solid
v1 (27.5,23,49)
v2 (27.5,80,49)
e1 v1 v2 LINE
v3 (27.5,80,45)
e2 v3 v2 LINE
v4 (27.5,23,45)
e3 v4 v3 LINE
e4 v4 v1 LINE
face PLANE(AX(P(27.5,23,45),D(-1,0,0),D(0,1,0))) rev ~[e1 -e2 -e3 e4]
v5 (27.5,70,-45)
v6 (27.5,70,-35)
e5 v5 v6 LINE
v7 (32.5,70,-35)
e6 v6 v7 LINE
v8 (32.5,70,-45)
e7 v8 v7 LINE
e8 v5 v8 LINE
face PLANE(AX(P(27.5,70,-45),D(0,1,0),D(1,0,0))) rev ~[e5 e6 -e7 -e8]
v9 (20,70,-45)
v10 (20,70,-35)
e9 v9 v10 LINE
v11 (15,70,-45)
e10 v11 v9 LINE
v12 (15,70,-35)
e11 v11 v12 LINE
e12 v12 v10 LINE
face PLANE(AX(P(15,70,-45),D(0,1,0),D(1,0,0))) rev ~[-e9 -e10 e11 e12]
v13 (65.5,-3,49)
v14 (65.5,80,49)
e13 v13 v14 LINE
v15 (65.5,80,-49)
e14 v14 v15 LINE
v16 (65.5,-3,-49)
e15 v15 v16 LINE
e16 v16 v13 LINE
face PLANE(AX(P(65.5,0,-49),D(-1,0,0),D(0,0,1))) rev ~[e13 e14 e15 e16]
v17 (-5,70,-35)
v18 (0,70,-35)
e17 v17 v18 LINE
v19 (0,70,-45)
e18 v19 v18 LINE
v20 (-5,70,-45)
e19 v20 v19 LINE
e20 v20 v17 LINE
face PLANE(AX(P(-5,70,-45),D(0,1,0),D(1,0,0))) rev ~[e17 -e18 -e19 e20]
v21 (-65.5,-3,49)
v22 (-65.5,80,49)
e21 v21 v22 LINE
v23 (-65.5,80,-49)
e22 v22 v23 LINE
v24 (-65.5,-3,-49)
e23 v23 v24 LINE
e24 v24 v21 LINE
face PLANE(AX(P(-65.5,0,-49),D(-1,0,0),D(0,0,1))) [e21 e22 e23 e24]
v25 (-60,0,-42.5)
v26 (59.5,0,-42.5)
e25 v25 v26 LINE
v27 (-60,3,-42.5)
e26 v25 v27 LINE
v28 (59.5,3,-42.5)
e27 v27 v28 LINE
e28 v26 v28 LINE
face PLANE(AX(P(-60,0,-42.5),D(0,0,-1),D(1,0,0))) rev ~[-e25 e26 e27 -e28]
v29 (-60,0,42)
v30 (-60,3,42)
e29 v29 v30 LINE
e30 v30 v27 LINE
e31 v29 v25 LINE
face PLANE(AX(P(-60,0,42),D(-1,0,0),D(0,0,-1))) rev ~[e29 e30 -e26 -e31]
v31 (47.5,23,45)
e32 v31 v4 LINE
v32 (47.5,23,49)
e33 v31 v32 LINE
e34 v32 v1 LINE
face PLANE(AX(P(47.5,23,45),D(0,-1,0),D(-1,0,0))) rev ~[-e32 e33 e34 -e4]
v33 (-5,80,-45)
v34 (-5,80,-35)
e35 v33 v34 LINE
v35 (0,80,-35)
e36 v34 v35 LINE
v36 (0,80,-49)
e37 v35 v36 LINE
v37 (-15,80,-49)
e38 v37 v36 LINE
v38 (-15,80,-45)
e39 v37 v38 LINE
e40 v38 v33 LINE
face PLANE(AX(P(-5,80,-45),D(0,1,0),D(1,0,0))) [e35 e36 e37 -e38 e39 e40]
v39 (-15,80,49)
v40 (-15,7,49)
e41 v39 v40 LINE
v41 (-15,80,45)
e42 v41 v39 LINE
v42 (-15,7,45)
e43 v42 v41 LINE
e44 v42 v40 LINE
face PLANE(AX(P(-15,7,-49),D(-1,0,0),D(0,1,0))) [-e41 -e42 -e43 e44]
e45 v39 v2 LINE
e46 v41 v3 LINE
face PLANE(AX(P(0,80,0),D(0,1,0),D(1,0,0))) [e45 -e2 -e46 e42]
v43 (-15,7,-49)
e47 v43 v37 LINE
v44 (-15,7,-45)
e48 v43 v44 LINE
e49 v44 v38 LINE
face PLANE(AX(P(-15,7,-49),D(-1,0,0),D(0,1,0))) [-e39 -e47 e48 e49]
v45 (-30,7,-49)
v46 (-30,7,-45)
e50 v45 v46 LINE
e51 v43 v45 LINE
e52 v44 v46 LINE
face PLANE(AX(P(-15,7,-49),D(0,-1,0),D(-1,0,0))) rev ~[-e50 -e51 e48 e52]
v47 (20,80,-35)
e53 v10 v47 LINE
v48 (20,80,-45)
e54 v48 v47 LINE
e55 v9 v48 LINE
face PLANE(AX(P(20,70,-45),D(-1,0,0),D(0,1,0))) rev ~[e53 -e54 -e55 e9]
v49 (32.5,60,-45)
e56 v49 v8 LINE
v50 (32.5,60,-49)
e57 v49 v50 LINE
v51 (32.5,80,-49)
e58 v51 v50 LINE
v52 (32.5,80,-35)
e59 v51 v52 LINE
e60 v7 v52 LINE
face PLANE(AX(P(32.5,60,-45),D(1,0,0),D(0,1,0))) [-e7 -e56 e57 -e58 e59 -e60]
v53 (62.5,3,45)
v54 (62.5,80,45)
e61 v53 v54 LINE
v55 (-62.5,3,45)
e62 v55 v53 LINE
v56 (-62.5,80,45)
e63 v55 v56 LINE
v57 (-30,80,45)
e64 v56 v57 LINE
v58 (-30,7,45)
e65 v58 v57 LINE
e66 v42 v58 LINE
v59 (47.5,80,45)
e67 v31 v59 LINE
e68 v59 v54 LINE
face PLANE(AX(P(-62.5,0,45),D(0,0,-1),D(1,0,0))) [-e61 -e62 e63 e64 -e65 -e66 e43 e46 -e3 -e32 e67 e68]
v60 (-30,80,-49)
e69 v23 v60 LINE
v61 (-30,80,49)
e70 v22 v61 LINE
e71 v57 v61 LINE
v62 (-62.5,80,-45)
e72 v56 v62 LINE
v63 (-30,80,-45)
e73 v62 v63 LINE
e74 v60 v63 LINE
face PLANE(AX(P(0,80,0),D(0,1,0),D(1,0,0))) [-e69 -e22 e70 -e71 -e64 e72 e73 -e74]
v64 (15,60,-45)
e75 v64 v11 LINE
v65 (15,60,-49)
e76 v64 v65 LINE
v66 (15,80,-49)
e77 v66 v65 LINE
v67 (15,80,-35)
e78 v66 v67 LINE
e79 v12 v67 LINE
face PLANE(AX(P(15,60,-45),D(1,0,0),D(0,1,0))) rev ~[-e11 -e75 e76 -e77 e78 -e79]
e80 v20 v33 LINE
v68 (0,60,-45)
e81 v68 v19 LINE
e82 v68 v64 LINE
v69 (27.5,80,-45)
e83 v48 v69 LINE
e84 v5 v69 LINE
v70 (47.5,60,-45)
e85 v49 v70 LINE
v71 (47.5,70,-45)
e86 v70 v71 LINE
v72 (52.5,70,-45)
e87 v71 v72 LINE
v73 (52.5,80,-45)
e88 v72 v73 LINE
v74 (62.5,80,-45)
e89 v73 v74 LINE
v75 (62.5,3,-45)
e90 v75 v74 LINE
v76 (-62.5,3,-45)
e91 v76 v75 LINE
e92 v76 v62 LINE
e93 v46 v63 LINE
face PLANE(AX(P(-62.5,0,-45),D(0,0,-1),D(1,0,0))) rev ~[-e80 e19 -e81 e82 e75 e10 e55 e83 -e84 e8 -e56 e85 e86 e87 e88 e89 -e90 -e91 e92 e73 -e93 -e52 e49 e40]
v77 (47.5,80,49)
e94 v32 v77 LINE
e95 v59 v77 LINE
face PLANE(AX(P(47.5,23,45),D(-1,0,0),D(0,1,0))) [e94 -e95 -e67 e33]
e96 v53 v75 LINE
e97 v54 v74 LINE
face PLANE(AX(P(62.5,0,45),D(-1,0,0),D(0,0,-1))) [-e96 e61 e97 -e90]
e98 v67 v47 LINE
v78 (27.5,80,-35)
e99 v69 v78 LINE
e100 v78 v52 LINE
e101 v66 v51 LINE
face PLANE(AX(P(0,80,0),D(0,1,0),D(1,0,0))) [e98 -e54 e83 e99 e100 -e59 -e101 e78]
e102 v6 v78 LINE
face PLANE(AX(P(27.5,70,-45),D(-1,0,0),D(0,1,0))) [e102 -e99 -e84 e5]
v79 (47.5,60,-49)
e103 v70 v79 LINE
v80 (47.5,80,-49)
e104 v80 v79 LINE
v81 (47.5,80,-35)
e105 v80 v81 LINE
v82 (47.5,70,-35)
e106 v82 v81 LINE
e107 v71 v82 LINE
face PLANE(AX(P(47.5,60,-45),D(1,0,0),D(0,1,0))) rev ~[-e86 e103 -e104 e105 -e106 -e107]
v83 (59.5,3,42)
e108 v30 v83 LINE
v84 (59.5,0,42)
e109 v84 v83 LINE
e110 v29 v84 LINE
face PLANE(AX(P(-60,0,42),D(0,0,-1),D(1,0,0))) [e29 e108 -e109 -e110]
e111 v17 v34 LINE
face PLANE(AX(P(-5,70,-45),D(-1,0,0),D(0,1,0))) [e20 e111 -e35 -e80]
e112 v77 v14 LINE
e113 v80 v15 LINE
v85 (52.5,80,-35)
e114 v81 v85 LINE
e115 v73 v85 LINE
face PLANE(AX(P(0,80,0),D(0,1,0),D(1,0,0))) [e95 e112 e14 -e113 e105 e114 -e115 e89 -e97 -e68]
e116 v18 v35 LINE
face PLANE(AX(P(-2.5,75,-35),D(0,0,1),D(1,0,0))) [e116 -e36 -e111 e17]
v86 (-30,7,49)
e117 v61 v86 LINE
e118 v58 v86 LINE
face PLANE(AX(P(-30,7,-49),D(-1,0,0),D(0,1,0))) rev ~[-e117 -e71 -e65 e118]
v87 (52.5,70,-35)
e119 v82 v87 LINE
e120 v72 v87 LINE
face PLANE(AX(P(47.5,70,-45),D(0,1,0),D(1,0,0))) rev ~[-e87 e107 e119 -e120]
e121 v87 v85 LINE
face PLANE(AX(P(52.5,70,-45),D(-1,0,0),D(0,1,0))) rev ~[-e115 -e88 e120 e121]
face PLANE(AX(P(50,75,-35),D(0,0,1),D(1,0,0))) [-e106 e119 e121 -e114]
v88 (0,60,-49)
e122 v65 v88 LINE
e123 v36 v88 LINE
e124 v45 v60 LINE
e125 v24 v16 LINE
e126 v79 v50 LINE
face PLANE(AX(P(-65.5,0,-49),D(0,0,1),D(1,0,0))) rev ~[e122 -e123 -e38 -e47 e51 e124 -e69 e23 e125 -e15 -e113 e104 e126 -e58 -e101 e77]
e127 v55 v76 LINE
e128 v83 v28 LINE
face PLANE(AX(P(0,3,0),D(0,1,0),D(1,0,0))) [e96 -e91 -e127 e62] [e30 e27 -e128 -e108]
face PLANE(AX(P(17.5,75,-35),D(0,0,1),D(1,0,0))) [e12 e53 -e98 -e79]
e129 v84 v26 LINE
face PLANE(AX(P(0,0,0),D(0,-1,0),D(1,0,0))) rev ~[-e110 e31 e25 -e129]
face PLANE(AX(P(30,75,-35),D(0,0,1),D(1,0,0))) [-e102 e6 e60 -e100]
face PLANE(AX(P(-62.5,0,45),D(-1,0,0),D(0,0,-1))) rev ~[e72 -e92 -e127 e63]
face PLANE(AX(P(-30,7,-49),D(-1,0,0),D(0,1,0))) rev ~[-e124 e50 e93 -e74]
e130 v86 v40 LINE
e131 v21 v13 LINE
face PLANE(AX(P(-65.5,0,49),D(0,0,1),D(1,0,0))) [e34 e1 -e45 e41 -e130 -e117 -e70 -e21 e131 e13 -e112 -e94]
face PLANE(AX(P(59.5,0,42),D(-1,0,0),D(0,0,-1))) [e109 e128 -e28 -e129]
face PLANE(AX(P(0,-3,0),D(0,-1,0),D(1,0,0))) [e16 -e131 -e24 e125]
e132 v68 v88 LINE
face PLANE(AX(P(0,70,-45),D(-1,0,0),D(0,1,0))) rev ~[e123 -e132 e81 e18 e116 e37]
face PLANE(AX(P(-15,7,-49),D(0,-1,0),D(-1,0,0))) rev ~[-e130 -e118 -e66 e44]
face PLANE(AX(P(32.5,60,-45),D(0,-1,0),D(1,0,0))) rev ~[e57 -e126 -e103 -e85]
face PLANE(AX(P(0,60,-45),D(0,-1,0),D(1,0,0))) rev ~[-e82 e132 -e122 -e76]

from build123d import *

# Parameters (mm, degrees)
SKETCH1_W           = 131
SKETCH1_H           = 98
SKETCH1_W_2         = 125
SKETCH1_H_2         = 90
BOSS_EXTRUDE1_DEPTH = 80
SKETCH2_W           = 131
SKETCH2_H           = 98
BOSS_EXTRUDE2_DEPTH = 3
SKETCH4_W           = 125
SKETCH4_H           = 90
SKETCH4_W_2         = 119.5
SKETCH4_H_2         = 84.5
BOSS_EXTRUDE3_DEPTH = 3
SKETCH5_W           = 15
SKETCH5_H           = 73
CUT_EXTRUDE1_DEPTH  = 143.457888514
CUT_EXTRUDE2_REACH  = 141.736
SKETCH6_W           = 20
SKETCH6_H           = 57
CUT_EXTRUDE3_REACH  = 141.736
SKETCH7_W           = 15
SKETCH7_H           = 20
SKETCH8_W           = 5
SKETCH8_H           = 10
BOSS_EXTRUDE4_DEPTH = 10


with BuildPart() as part:
    # Sketch1 → Boss-Extrude1 (new body)
    with BuildSketch(Plane(origin=(0, 0, 0), x_dir=(1, 0, 0), z_dir=(0, 1, 0))):
        Rectangle(SKETCH1_W, SKETCH1_H)
        Rectangle(SKETCH1_W_2, SKETCH1_H_2, mode=Mode.SUBTRACT)
    extrude(amount=BOSS_EXTRUDE1_DEPTH)

    # Sketch2 → Boss-Extrude2 (add)
    with BuildSketch(Plane.XZ):
        Rectangle(SKETCH2_W, SKETCH2_H)
    extrude(amount=BOSS_EXTRUDE2_DEPTH)

    # Sketch4 → Boss-Extrude3 (add)
    with BuildSketch(Plane(origin=(0, 0, 0), x_dir=(1, 0, 0), z_dir=(0, 1, 0))):
        Rectangle(SKETCH4_W, SKETCH4_H)
        with Locations((-0.25, 0.25)):
            Rectangle(SKETCH4_W_2, SKETCH4_H_2, mode=Mode.SUBTRACT)
    extrude(amount=BOSS_EXTRUDE3_DEPTH)

    # Sketch5 → Cut-Extrude1 (cut, through all)
    with BuildSketch(Plane(origin=(0, 0, -49), x_dir=(-1, 0, 0), z_dir=(0, 0, -1))):
        with Locations((22.5, 43.5)):
            Rectangle(SKETCH5_W, SKETCH5_H)
    extrude(amount=-CUT_EXTRUDE1_DEPTH, mode=Mode.SUBTRACT)

    # Sketch6 → Cut-Extrude2 (cut, up to next)
    with BuildSketch(Plane(origin=(0, 0, 45), x_dir=(-1, 0, 0), z_dir=(0, 0, -1)), mode=Mode.PRIVATE) as cut_extrude2_sk1:
        with Locations((-37.5, 51.5)):
            Rectangle(SKETCH6_W, SKETCH6_H)
    cut_extrude2_tool1 = extrude(cut_extrude2_sk1.sketch, amount=-CUT_EXTRUDE2_REACH, mode=Mode.PRIVATE) & part.part
    add(cut_extrude2_tool1.solids().sort_by_distance((37.5, 51.5, 45))[0], mode=Mode.SUBTRACT)

    # Sketch7 → Cut-Extrude3 (cut, up to next)
    with BuildSketch(Plane.XY.offset(-45), mode=Mode.PRIVATE) as cut_extrude3_sk1:
        with Locations((40, 70)):
            Rectangle(SKETCH7_W, SKETCH7_H)
    cut_extrude3_tool1 = extrude(cut_extrude3_sk1.sketch, amount=-CUT_EXTRUDE3_REACH, mode=Mode.PRIVATE) & part.part
    # Sketch7 → Cut-Extrude3 (cut, up to next)
    with BuildSketch(Plane.XY.offset(-45), mode=Mode.PRIVATE) as cut_extrude3_sk2:
        with Locations((7.5, 70)):
            Rectangle(SKETCH7_W, SKETCH7_H)
    cut_extrude3_tool2 = extrude(cut_extrude3_sk2.sketch, amount=-CUT_EXTRUDE3_REACH, mode=Mode.PRIVATE) & part.part
    add(cut_extrude3_tool1.solids().sort_by_distance((40, 70, -45))[0], mode=Mode.SUBTRACT)
    add(cut_extrude3_tool2.solids().sort_by_distance((7.5, 70, -45))[0], mode=Mode.SUBTRACT)

    # Sketch8 → Boss-Extrude4 (add)
    with BuildSketch(Plane.XY.offset(-45)):
        with Locations((-2.5, 75)):
            Rectangle(SKETCH8_W, SKETCH8_H)
        with Locations((17.5, 75)):
            Rectangle(SKETCH8_W, SKETCH8_H)
        with Locations((30, 75)):
            Rectangle(SKETCH8_W, SKETCH8_H)
        with Locations((50, 75)):
            Rectangle(SKETCH8_W, SKETCH8_H)
    extrude(amount=BOSS_EXTRUDE4_DEPTH)


solid = part.part
